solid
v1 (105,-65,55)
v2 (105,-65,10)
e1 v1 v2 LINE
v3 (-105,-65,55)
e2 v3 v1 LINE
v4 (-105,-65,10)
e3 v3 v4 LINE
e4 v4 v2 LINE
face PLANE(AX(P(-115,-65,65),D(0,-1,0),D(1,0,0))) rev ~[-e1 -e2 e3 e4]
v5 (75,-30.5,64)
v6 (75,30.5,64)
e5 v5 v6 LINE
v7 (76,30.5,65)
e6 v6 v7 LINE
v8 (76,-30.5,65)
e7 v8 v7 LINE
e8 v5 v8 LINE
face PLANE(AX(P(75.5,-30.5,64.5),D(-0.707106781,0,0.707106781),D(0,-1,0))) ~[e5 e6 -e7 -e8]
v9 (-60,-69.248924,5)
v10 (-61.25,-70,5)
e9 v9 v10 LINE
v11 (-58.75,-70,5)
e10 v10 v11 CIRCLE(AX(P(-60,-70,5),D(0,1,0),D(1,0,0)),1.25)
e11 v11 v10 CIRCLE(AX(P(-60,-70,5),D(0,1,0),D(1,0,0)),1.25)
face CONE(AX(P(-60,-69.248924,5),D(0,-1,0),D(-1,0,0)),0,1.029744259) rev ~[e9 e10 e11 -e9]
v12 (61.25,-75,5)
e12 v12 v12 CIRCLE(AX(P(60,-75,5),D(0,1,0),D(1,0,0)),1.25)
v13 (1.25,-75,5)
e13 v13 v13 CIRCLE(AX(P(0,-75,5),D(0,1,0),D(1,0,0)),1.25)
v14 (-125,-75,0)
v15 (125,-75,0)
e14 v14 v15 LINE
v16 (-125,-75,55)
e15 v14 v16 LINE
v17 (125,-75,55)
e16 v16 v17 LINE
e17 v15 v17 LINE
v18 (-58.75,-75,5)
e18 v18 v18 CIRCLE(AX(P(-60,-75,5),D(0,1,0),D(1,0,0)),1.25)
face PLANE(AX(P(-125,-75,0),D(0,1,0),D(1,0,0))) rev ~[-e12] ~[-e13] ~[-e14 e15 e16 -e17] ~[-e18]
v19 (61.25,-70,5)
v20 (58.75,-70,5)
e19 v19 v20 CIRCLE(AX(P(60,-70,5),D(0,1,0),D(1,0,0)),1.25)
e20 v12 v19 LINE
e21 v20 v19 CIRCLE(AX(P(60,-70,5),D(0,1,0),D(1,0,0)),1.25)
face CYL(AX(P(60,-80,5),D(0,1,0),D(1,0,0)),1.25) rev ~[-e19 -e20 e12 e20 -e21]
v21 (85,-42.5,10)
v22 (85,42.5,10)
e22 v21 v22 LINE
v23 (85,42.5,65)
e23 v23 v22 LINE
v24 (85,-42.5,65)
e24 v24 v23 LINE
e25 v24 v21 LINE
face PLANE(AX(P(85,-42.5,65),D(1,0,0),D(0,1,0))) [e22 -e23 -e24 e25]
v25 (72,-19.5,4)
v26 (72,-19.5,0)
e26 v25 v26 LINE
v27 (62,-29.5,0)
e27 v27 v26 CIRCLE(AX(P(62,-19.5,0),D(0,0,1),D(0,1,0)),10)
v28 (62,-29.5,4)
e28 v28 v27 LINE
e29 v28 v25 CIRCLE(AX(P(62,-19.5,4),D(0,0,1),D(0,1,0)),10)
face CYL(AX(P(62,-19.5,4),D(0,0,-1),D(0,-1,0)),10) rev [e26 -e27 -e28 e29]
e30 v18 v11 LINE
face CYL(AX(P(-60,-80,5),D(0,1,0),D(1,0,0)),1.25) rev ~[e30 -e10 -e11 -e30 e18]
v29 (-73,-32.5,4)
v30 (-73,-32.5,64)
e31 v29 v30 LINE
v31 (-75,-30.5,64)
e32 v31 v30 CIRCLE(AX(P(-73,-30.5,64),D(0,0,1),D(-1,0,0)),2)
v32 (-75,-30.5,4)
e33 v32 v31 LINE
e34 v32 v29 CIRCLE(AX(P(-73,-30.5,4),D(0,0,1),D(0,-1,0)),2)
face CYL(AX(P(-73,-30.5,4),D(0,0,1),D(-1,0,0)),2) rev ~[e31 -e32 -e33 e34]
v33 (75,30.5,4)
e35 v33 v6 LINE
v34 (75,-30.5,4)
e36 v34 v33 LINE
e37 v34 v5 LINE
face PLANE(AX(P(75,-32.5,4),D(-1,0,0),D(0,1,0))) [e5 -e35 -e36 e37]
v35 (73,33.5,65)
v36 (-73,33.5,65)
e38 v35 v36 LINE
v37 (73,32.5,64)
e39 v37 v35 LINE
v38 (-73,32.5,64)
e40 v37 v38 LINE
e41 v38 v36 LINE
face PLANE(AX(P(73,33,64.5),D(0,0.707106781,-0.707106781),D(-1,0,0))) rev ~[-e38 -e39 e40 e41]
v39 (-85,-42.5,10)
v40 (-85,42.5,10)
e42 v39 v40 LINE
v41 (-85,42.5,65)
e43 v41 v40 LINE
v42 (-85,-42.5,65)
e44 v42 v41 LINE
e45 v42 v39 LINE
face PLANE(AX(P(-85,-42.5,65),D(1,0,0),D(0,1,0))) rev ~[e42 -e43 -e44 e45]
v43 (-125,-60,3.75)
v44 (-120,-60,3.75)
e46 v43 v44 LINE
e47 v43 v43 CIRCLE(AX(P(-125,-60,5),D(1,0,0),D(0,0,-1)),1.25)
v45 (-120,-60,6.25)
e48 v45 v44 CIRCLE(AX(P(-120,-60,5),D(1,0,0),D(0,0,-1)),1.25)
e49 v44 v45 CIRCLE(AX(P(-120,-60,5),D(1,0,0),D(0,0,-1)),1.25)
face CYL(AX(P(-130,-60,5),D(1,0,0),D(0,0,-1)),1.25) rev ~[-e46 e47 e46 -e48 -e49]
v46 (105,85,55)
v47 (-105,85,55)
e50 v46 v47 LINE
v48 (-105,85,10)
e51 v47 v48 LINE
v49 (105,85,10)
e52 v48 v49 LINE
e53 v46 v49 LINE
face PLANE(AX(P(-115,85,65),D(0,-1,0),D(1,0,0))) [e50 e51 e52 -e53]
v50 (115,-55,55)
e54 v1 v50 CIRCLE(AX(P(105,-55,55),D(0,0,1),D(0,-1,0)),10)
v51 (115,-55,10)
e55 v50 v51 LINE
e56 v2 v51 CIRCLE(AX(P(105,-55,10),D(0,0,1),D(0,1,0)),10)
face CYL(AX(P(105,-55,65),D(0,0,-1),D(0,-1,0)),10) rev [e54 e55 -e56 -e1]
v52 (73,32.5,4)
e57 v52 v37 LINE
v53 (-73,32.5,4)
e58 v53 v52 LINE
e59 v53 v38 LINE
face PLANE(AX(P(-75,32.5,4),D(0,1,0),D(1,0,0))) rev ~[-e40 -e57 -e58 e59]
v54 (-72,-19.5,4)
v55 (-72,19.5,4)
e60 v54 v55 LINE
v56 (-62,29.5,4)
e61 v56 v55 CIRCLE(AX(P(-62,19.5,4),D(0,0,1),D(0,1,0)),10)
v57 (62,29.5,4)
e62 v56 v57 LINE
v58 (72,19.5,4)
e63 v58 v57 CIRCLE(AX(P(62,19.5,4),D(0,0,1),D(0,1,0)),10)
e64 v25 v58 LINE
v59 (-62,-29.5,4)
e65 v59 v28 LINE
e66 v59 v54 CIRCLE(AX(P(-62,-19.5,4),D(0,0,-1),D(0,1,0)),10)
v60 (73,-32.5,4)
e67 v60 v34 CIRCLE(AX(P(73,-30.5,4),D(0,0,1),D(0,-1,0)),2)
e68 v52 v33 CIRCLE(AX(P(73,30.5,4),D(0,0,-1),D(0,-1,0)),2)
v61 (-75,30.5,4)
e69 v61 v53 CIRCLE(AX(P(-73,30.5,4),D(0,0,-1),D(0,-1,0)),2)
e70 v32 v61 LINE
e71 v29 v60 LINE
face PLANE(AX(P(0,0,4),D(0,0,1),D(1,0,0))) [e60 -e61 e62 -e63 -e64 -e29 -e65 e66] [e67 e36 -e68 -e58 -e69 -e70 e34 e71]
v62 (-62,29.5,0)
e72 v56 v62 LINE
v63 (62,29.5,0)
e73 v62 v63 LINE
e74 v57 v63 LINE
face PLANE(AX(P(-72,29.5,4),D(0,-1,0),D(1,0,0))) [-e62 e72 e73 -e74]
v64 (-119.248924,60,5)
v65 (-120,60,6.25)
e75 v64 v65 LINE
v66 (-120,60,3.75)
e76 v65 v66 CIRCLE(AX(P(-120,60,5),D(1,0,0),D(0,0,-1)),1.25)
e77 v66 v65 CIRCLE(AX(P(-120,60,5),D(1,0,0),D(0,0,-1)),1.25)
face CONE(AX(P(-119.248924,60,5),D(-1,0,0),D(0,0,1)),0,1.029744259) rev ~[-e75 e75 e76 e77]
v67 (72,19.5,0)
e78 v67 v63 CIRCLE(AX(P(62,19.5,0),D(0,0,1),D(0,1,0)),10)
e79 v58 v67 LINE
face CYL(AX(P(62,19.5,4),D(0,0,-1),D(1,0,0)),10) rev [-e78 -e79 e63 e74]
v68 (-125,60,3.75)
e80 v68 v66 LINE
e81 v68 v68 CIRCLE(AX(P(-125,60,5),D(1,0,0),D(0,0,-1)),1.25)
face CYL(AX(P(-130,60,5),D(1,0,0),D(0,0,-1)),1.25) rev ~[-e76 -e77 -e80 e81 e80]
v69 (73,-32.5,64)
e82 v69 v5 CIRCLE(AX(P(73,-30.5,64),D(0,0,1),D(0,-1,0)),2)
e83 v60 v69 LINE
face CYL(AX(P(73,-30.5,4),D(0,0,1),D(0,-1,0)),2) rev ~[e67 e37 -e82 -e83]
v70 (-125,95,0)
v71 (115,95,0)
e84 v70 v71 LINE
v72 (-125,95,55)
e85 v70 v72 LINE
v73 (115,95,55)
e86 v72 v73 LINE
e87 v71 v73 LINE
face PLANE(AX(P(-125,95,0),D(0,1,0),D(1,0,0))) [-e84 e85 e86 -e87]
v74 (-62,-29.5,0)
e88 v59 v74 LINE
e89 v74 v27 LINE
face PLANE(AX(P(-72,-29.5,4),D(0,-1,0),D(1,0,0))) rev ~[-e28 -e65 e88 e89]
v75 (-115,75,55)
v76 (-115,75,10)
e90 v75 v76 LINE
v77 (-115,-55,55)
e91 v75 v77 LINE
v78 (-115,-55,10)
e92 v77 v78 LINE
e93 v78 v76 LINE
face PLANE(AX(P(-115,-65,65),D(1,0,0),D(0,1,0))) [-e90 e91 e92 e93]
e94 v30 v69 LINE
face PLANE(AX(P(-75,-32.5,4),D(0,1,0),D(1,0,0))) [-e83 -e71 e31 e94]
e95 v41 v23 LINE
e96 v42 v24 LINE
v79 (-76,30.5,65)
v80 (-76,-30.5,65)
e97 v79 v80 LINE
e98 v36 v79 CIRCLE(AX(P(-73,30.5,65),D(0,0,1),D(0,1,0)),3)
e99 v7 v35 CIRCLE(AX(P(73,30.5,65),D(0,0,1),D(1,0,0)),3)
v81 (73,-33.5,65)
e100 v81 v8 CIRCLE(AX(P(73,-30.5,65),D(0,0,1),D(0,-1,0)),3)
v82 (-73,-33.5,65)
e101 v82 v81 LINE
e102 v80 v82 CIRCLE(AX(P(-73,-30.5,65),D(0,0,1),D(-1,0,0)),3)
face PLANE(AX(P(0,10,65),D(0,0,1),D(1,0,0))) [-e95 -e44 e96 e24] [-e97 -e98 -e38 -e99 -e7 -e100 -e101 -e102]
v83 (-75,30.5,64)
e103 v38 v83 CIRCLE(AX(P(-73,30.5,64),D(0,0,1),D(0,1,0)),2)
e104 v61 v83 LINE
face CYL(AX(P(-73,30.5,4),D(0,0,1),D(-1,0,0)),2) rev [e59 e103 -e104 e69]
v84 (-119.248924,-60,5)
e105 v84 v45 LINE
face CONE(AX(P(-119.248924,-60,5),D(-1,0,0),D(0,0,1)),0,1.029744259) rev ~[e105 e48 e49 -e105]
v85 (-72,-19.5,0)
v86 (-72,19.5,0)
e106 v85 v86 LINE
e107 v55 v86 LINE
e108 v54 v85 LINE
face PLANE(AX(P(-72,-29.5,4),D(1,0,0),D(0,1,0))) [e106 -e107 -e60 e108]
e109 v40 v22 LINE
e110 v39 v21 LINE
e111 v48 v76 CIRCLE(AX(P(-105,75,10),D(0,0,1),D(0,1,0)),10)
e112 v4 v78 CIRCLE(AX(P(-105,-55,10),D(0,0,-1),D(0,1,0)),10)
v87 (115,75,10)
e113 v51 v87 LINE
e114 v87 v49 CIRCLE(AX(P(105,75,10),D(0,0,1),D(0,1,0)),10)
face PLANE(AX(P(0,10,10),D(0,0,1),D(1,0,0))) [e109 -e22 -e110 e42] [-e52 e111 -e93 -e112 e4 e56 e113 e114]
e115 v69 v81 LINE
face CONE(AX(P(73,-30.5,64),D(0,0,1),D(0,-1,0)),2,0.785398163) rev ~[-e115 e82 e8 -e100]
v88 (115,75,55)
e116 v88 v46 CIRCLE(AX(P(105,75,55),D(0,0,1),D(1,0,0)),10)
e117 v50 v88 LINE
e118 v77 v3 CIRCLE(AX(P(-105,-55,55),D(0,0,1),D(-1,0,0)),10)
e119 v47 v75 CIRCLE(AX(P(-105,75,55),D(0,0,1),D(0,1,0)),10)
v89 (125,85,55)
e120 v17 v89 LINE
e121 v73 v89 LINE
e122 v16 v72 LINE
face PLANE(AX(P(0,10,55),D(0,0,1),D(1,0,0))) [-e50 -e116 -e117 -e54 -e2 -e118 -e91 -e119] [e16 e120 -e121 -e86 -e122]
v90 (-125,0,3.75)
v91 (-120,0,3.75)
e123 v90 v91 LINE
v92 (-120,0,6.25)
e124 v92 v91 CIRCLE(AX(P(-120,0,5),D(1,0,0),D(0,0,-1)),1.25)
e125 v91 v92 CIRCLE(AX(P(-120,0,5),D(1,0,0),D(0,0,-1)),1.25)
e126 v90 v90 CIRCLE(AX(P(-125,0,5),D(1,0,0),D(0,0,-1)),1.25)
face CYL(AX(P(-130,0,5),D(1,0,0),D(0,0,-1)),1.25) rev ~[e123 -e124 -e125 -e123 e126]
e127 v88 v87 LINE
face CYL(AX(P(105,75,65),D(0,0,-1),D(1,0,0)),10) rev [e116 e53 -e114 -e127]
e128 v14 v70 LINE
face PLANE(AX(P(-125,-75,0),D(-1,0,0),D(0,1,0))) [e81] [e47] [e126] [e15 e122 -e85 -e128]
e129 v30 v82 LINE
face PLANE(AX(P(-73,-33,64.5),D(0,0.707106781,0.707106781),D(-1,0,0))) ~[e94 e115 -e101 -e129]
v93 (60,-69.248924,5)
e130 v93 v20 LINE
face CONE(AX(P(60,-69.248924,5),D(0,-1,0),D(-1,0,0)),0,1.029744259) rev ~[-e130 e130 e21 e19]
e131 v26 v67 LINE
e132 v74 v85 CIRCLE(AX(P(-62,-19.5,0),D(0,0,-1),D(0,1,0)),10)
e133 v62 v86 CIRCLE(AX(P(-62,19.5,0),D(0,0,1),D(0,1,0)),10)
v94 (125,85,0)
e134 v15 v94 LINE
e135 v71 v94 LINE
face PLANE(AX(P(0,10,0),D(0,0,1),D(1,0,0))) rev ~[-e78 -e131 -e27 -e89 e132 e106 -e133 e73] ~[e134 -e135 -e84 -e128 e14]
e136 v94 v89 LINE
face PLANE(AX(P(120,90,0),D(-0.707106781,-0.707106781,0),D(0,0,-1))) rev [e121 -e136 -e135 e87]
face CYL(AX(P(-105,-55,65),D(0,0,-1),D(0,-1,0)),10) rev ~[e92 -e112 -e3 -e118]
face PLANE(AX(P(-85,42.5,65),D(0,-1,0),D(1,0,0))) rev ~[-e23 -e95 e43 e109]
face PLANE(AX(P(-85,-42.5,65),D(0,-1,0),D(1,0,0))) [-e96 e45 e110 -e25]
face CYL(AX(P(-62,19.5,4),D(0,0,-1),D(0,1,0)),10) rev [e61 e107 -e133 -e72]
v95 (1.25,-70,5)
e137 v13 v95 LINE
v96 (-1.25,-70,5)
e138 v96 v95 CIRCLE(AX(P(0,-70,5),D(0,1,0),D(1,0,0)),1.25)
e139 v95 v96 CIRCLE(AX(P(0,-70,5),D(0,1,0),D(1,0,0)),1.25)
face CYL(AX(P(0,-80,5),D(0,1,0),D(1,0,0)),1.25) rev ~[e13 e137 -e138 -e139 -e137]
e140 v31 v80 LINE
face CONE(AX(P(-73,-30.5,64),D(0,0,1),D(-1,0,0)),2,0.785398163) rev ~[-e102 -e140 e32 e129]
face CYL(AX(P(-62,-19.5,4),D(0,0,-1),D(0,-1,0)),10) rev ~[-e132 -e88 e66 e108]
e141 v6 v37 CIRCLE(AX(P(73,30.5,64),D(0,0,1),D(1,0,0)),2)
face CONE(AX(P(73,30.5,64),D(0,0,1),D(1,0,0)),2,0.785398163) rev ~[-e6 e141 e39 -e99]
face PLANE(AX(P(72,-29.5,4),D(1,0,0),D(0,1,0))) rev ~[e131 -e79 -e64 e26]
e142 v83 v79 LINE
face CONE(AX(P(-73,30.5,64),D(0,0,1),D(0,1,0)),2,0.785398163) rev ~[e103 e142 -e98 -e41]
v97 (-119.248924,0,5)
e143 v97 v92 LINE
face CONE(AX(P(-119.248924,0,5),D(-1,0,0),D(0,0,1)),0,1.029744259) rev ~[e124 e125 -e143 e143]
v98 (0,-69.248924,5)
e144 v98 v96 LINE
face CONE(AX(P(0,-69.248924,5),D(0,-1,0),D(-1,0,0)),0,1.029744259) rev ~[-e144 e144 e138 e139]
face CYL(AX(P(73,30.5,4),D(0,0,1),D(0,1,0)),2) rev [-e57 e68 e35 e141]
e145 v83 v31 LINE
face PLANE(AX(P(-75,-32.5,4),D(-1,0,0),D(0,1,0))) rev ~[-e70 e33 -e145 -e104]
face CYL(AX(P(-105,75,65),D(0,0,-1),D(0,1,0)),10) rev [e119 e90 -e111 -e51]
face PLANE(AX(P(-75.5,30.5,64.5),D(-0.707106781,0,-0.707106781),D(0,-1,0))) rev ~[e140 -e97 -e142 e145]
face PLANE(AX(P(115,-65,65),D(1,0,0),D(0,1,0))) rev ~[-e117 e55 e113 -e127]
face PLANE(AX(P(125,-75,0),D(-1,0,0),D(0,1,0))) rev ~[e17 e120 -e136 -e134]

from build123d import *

# Parameters (mm, degrees)
SKETCH1_W                   = 250
SKETCH1_H                   = 170
BOSS_EXTRUDE3_DEPTH         = 65
CUT_EXTRUDE1_START          = 4
SKETCH1_3_W                 = 150
SKETCH1_3_H                 = 65
CUT_EXTRUDE1_DEPTH          = 166.92645468
SKETCH6_W                   = 230
SKETCH6_H                   = 150
SKETCH6_W_2                 = 170
SKETCH6_H_2                 = 85
CUT_EXTRUDE2_DEPTH          = 55
SKETCH7_W                   = 144
SKETCH7_H                   = 59
CUT_EXTRUDE3_DEPTH          = 169.436931817
TAP_DRILL_FOR_M3_TAP1_D     = 2.5
TAP_DRILL_FOR_M3_TAP1_DEPTH = 5
TAP_DRILL_FOR_M3_TAP1_TIP   = 0.751075774
TAP_DRILL_FOR_M3_TAP3_D     = 2.5
TAP_DRILL_FOR_M3_TAP3_DEPTH = 5
TAP_DRILL_FOR_M3_TAP3_TIP   = 0.751075774
FILLET3_R                   = 10
CUT_EXTRUDE4_START          = -10
SKETCH19_W                  = 250
SKETCH19_H                  = 170
CUT_EXTRUDE4_DEPTH          = 10
FILLET2_R                   = 2
CHAMFER1_SIZE               = 1
CHAMFER2_SIZE               = 10


with BuildPart() as part:
    # Sketch1 → Boss-Extrude3 (new body)
    with BuildSketch(Plane.XY):
        with Locations((0, 10)):
            Rectangle(SKETCH1_W, SKETCH1_H)
    extrude(amount=BOSS_EXTRUDE3_DEPTH)

    # Sketch1<3> → Cut-Extrude1 (cut, through all)
    with BuildSketch(Plane.XY.offset(CUT_EXTRUDE1_START)):
        Rectangle(SKETCH1_3_W, SKETCH1_3_H)
    extrude(amount=CUT_EXTRUDE1_DEPTH, mode=Mode.SUBTRACT)

    # Sketch6 → Cut-Extrude2 (cut)
    with BuildSketch(Plane.XY.offset(65)):
        with Locations((0, 10)):
            Rectangle(SKETCH6_W, SKETCH6_H)
        Rectangle(SKETCH6_W_2, SKETCH6_H_2, mode=Mode.SUBTRACT)
    extrude(amount=-CUT_EXTRUDE2_DEPTH, mode=Mode.SUBTRACT)

    # Sketch7 → Cut-Extrude3 (cut, through all)
    with BuildSketch(Plane.XY.offset(4)):
        Rectangle(SKETCH7_W, SKETCH7_H)
    extrude(amount=-CUT_EXTRUDE3_DEPTH, mode=Mode.SUBTRACT)

    # Tap Drill for M3 Tap1
    with Locations(Plane(origin=(0, -75, 0), x_dir=(-1, 0, 0), z_dir=(0, -1, 0))):
        with Locations((-60, -5), (0, -5), (60, -5)):
            Hole(TAP_DRILL_FOR_M3_TAP1_D / 2, depth=TAP_DRILL_FOR_M3_TAP1_DEPTH)
            with Locations((0, 0, -(TAP_DRILL_FOR_M3_TAP1_DEPTH + TAP_DRILL_FOR_M3_TAP1_TIP / 2))):  # 118° drill point
                Cone(0, TAP_DRILL_FOR_M3_TAP1_D / 2, TAP_DRILL_FOR_M3_TAP1_TIP, mode=Mode.SUBTRACT)

    # Tap Drill for M3 Tap3
    with Locations(Plane.ZY.offset(125)):
        with Locations((5, 60), (5, 0), (5, -60)):
            Hole(TAP_DRILL_FOR_M3_TAP3_D / 2, depth=TAP_DRILL_FOR_M3_TAP3_DEPTH)
            with Locations((0, 0, -(TAP_DRILL_FOR_M3_TAP3_DEPTH + TAP_DRILL_FOR_M3_TAP3_TIP / 2))):  # 118° drill point
                Cone(0, TAP_DRILL_FOR_M3_TAP3_D / 2, TAP_DRILL_FOR_M3_TAP3_TIP, mode=Mode.SUBTRACT)

    # Fillet3
    fillet3_edges = [part.edges().sort_by_distance(p)[0] for p in [
        (115, -65, 37.5),
        (115, 85, 37.5),
        (-115, 85, 37.5),
        (-115, -65, 37.5),
        (-72, -29.5, 2),
        (-72, 29.5, 2),
        (72, 29.5, 2),
        (72, -29.5, 2),
    ]]
    fillet(fillet3_edges, radius=FILLET3_R)

    # Sketch19 → Cut-Extrude4 (cut)
    with BuildSketch(Plane.XY.offset(65).offset(CUT_EXTRUDE4_START)):
        with Locations((0, 10)):
            Rectangle(SKETCH19_W, SKETCH19_H)
        with BuildLine():
            Line((-115, 75), (-115, -55))
            ThreePointArc((-115, -55), (-112.071067812, -62.071067812), (-105, -65))
            Line((-105, -65), (105, -65))
            ThreePointArc((105, -65), (112.071067812, -62.071067812), (115, -55))
            Line((115, -55), (115, 75))
            ThreePointArc((115, 75), (112.071067812, 82.071067812), (105, 85))
            Line((105, 85), (-105, 85))
            ThreePointArc((-105, 85), (-112.071067812, 82.071067812), (-115, 75))
        make_face(mode=Mode.SUBTRACT)
    extrude(amount=CUT_EXTRUDE4_DEPTH, mode=Mode.SUBTRACT)

    # Fillet2
    fillet2_edges = [part.edges().sort_by_distance(p)[0] for p in [
        (-75, 32.5, 34.5),
        (-75, -32.5, 34.5),
        (75, -32.5, 34.5),
        (75, 32.5, 34.5),
    ]]
    fillet(fillet2_edges, radius=FILLET2_R)

    # Chamfer1
    chamfer1_edges = [part.edges().sort_by_distance(p)[0] for p in [
        (-75, 0, 65),
        (0, -32.5, 65),
        (75, 0, 65),
        (0, 32.5, 65),
        (-74.414213562, -31.914213562, 65),
        (74.414213562, -31.914213562, 65),
        (74.414213562, 31.914213562, 65),
        (-74.414213562, 31.914213562, 65),
    ]]
    chamfer(chamfer1_edges, length=CHAMFER1_SIZE)

    # Chamfer2
    chamfer2_edges = [part.edges().sort_by_distance(p)[0] for p in [
        (125, 95, 27.5),
    ]]
    chamfer(chamfer2_edges, length=CHAMFER2_SIZE)


solid = part.part
